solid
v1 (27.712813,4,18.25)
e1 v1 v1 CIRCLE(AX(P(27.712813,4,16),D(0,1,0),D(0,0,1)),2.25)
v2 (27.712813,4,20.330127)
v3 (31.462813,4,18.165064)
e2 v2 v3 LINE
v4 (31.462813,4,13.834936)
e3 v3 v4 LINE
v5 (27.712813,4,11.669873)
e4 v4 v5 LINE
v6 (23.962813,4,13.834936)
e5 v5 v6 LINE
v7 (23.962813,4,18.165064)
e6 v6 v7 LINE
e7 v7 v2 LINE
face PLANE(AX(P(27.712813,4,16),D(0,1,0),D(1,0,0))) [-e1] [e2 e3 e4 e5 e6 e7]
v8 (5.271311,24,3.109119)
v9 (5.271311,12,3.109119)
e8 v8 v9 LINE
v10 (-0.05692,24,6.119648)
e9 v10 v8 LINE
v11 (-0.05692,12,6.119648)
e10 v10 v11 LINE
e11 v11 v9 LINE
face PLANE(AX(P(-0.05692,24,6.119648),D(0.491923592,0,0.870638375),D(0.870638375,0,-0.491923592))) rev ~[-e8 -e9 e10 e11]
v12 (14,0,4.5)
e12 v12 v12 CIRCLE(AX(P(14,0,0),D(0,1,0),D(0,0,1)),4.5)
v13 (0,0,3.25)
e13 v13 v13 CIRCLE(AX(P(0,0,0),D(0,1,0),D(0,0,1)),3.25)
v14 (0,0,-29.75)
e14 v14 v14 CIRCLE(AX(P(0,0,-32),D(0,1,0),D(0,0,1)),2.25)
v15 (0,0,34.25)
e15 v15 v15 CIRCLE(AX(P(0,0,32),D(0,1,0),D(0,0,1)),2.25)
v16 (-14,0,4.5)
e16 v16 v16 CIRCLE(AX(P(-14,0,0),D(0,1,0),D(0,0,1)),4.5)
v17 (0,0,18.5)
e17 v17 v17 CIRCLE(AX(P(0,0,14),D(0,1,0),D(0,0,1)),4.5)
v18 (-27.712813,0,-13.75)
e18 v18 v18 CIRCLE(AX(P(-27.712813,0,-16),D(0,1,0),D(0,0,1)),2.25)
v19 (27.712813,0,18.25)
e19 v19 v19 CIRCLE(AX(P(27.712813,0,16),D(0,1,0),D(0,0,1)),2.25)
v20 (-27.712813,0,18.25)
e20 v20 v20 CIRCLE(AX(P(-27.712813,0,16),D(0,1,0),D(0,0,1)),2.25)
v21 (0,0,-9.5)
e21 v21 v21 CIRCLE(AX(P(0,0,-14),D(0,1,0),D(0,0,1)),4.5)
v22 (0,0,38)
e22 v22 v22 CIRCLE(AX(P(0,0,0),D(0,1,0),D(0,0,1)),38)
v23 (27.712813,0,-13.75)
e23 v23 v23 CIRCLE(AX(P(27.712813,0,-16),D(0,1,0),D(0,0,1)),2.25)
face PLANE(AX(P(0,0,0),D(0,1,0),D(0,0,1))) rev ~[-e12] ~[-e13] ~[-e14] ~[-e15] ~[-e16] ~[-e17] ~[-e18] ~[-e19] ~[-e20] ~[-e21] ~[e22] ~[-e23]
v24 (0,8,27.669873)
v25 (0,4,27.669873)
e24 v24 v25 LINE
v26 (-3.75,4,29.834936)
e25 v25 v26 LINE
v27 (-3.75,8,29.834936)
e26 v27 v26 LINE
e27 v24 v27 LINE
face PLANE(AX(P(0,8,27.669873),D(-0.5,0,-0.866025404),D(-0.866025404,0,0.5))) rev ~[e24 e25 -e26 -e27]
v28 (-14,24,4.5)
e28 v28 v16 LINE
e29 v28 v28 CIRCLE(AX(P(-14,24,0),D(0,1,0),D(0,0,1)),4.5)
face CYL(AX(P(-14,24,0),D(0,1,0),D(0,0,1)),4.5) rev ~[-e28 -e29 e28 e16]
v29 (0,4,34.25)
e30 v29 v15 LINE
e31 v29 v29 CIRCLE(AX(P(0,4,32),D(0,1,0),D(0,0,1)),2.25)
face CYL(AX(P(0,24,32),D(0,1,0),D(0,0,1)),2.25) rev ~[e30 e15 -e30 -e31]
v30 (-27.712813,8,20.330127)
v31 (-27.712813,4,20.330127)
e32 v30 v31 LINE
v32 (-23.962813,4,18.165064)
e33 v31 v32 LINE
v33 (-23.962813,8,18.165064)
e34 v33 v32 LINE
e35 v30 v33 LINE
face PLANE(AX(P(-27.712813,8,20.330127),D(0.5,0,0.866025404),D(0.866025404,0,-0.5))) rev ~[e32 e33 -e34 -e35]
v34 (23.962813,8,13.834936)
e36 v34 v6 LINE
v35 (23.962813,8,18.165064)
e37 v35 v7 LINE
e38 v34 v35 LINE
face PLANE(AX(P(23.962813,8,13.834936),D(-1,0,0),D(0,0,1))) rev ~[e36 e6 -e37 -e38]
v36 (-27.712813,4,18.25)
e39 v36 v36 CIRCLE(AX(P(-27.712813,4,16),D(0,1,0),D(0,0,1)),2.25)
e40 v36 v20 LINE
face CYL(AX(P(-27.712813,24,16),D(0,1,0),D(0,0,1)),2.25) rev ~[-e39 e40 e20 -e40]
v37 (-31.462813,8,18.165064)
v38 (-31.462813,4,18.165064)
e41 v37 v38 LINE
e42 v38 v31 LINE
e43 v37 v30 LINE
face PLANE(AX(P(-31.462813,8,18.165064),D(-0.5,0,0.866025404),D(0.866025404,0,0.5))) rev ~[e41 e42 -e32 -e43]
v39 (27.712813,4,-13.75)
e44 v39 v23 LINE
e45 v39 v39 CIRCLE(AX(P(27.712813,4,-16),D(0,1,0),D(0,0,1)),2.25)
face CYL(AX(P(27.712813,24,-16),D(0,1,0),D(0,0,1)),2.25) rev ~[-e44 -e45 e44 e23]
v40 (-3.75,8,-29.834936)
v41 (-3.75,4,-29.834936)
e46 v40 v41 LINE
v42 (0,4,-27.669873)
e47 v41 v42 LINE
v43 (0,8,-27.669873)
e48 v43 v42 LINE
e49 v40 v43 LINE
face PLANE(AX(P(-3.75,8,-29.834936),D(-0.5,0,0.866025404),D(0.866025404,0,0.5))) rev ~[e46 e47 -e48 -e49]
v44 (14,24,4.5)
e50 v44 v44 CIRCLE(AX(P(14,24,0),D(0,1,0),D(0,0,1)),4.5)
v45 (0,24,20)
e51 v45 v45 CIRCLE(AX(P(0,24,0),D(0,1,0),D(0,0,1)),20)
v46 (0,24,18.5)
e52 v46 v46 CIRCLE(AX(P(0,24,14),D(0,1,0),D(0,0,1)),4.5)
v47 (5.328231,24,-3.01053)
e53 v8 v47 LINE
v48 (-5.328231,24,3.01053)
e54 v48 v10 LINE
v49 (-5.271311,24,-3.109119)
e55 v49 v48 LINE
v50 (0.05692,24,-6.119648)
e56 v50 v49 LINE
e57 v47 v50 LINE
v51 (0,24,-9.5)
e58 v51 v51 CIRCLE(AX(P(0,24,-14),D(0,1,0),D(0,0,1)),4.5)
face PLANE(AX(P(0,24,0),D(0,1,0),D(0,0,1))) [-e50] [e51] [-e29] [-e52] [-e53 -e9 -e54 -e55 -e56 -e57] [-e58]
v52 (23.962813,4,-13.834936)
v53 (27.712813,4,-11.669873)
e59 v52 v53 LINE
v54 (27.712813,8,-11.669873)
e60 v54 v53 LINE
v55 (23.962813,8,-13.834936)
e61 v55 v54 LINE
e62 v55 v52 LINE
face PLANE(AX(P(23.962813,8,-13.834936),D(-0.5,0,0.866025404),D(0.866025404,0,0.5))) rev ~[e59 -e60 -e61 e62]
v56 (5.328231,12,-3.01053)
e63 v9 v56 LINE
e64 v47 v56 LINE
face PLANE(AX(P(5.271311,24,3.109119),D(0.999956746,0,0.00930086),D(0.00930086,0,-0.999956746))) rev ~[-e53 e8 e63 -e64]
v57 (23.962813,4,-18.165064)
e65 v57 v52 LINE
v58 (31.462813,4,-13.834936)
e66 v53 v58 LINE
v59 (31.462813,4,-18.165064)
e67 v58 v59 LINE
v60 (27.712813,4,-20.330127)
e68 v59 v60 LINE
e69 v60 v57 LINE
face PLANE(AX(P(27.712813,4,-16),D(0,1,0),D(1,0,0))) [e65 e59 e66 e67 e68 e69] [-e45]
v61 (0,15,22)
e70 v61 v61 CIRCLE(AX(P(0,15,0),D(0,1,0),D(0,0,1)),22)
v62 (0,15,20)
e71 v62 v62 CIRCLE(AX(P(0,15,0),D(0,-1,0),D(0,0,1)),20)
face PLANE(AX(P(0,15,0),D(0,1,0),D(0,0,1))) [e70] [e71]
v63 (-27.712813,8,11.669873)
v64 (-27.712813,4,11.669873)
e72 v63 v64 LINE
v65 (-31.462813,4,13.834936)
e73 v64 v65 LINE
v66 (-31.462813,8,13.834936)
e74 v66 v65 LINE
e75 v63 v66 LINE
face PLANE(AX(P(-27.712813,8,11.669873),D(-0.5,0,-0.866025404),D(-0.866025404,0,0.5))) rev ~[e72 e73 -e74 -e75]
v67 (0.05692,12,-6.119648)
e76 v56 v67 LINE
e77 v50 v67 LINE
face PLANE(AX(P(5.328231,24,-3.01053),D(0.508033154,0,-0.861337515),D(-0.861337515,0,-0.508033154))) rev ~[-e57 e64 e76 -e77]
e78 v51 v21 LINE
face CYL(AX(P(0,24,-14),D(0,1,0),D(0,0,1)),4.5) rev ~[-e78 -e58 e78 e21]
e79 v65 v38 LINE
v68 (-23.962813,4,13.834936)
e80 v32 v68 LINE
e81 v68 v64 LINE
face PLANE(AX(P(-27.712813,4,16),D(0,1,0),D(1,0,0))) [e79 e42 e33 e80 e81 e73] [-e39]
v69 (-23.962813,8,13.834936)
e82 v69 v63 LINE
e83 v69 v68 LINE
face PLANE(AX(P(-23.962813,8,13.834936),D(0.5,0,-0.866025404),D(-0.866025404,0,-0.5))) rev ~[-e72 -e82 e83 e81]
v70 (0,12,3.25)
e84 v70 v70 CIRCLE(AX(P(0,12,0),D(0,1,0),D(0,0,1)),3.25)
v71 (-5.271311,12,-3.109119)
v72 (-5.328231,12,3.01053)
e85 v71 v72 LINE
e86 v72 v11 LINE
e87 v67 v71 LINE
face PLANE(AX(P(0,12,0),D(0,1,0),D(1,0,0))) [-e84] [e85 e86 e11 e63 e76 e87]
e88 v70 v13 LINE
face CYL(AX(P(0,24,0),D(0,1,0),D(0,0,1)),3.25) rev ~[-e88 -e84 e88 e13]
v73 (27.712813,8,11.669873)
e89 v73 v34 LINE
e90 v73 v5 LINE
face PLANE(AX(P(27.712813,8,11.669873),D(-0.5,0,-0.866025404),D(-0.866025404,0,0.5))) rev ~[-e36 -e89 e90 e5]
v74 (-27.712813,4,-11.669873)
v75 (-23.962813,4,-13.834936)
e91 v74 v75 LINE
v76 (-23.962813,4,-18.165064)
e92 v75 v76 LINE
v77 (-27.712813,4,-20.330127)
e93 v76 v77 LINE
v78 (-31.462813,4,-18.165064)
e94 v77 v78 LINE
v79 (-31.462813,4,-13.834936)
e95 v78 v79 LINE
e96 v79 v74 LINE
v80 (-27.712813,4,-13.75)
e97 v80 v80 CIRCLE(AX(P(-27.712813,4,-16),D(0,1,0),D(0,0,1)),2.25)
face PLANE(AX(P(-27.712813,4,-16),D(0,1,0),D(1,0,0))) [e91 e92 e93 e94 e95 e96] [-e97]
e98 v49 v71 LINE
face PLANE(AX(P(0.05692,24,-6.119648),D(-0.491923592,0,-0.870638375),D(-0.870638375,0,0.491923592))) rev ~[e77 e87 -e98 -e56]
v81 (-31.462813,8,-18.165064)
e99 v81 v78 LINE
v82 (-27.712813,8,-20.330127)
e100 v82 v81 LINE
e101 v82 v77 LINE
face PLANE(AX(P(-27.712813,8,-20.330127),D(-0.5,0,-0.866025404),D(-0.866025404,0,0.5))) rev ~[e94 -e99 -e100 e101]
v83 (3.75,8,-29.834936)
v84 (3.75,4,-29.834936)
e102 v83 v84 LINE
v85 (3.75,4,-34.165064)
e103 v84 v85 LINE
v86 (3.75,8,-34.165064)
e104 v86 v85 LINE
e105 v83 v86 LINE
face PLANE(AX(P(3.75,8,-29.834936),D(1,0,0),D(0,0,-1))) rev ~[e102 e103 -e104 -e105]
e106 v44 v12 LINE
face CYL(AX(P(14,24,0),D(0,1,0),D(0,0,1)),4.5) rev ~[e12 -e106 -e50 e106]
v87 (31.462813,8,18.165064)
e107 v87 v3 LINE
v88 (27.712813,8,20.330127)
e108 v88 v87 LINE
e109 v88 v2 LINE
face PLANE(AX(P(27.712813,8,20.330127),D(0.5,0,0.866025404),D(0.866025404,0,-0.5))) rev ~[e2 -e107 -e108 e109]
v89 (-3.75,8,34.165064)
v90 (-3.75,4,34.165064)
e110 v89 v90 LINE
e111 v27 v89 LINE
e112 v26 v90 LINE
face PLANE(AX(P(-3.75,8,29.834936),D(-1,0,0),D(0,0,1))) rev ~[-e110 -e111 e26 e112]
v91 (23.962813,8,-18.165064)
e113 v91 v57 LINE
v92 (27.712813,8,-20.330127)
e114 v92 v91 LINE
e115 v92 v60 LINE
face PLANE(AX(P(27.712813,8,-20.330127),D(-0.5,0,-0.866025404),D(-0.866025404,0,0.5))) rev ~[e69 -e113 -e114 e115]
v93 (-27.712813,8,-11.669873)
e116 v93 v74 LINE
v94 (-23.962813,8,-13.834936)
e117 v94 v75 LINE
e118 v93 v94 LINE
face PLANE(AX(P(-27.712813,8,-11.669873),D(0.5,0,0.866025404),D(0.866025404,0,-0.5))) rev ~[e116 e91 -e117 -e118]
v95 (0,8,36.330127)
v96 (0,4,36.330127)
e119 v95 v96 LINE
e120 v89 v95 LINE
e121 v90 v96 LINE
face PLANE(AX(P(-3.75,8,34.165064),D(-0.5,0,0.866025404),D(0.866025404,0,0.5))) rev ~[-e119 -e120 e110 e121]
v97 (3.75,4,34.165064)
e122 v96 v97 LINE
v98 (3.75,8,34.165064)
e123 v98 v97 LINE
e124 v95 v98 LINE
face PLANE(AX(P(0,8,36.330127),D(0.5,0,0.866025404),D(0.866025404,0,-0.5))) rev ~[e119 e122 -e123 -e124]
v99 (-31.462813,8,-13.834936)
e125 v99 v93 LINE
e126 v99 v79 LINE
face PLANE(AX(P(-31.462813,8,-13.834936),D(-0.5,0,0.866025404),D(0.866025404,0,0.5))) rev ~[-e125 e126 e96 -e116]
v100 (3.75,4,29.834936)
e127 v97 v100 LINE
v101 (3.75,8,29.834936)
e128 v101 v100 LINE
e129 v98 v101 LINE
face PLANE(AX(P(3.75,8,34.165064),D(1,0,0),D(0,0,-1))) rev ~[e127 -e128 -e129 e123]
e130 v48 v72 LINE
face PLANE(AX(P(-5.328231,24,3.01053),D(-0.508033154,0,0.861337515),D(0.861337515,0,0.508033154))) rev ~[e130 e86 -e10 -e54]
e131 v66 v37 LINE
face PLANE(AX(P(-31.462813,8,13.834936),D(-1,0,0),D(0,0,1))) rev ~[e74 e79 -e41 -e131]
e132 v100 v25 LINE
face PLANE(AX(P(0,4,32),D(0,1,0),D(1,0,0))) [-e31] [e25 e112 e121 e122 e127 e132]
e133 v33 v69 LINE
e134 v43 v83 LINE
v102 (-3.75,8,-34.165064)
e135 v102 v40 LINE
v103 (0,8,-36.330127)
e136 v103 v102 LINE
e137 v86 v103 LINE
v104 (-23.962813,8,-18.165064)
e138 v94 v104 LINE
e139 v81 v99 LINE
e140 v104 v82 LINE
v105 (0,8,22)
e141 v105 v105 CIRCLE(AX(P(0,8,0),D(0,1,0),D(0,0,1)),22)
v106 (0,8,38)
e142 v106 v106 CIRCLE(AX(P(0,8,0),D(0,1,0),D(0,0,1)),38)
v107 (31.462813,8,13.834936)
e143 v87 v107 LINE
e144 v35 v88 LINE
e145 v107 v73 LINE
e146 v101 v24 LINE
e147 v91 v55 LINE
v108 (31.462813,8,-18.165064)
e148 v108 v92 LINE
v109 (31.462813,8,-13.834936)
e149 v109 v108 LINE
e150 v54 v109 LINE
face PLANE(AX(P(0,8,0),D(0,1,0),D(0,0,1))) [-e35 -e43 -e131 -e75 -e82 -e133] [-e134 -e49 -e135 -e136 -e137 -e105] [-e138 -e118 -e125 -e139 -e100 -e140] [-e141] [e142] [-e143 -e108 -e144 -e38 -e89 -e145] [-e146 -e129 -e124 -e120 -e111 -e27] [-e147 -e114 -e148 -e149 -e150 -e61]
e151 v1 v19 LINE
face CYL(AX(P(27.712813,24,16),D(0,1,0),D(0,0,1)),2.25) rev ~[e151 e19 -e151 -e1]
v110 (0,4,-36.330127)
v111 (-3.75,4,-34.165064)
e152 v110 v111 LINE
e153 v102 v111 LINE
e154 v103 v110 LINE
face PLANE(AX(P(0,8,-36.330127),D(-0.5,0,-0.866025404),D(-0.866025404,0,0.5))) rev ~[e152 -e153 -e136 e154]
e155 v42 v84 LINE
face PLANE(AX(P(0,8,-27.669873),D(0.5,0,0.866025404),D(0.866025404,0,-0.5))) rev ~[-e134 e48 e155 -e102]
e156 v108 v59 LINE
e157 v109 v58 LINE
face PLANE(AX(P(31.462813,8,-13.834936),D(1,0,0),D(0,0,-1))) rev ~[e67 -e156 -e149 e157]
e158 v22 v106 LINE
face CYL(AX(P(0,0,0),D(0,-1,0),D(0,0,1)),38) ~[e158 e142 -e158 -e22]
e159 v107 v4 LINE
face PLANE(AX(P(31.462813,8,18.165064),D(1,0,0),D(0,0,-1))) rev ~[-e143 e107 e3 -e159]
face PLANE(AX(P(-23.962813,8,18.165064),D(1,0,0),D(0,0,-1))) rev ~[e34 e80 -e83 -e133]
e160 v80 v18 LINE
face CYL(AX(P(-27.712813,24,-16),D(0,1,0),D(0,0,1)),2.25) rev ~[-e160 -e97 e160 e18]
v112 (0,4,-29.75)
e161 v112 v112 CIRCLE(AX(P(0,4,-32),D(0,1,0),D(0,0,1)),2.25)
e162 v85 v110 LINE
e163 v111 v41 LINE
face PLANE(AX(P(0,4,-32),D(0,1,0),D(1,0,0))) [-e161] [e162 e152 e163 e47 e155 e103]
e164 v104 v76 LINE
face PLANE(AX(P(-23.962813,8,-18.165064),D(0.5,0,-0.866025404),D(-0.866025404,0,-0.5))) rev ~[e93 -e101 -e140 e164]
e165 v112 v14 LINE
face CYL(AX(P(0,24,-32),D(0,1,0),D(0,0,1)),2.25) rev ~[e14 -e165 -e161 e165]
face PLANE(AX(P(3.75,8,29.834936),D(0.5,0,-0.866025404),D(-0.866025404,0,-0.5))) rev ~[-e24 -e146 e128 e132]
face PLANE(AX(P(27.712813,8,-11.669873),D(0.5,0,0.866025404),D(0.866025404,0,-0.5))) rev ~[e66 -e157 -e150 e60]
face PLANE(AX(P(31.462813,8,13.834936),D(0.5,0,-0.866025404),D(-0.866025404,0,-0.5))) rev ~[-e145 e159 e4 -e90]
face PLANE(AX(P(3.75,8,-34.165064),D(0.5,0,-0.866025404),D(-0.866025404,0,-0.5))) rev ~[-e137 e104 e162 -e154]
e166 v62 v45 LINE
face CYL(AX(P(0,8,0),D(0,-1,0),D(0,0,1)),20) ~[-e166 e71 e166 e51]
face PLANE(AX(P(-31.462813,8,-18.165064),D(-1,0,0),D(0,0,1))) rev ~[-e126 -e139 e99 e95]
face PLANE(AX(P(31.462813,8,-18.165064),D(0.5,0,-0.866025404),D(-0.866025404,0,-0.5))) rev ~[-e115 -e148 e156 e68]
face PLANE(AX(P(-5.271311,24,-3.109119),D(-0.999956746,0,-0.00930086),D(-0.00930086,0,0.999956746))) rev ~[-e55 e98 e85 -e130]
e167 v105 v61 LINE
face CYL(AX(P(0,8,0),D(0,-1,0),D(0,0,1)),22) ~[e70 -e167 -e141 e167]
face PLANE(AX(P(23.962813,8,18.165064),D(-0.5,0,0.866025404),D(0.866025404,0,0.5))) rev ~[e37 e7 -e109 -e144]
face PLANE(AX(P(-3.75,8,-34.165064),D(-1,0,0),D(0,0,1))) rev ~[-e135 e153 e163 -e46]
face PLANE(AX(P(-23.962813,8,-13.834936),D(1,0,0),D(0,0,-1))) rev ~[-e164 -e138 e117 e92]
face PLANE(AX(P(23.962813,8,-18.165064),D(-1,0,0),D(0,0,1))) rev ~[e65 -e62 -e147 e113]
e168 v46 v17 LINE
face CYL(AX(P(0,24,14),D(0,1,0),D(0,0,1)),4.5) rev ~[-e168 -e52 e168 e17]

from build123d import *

# Parameters (mm, degrees)
SKETCH_1_R          = 38
EXTRUDE_1_DEPTH     = 8
SKETCH_2_R          = 20
EXTRUDE_2_DEPTH     = 16
SKETCH_7_R          = 22
EXTRUDE_3_DEPTH     = 7
SKETCH_3_R          = 4.5
SKETCH_3_R_2        = 3.25
CUT_EXTRUDE_1_DEPTH = 59.855755878
CUT_EXTRUDE_2_DEPTH = 12
SKETCH_5_R          = 2.25
CUT_EXTRUDE_3_DEPTH = 59.855755878
CUT_EXTRUDE_4_DEPTH = 4


with BuildPart() as part:
    # Эскиз1 → Бобышка-Вытянуть1 (new body)
    with BuildSketch(Plane(origin=(0, 0, 0), x_dir=(1, 0, 0), z_dir=(0, 1, 0))):
        with Locations(Location((0, 0, 0), (0, 0, 270))):
            Circle(SKETCH_1_R)
    extrude(amount=EXTRUDE_1_DEPTH)

    # Эскиз2 → Бобышка-Вытянуть2 (add)
    with BuildSketch(Plane(origin=(0, 8, 0), x_dir=(1, 0, 0), z_dir=(0, 1, 0))):
        with Locations(Location((0, 0, 0), (0, 0, 270))):
            Circle(SKETCH_2_R)
    extrude(amount=EXTRUDE_2_DEPTH)

    # Эскиз7 → Бобышка-Вытянуть3 (add)
    with BuildSketch(Plane(origin=(0, 8, 0), x_dir=(1, 0, 0), z_dir=(0, 1, 0))):
        with Locations(Location((0, 0, 0), (0, 0, 270))):
            Circle(SKETCH_7_R)
    extrude(amount=EXTRUDE_3_DEPTH)

    # Эскиз3 → Вырез-Вытянуть1 (cut, through all)
    with BuildSketch(Plane(origin=(0, 24, 0), x_dir=(1, 0, 0), z_dir=(0, 1, 0))):
        with Locations(Location((0, 14, 0), (0, 0, 270))):
            Circle(SKETCH_3_R)
        with Locations(Location((14, 0, 0), (0, 0, 270))):
            Circle(SKETCH_3_R)
        with Locations(Location((0, -14, 0), (0, 0, 270))):
            Circle(SKETCH_3_R)
        with Locations(Location((-14, 0, 0), (0, 0, 270))):
            Circle(SKETCH_3_R)
        with Locations(Location((0, 0, 0), (0, 0, 270))):
            Circle(SKETCH_3_R_2)
    extrude(amount=-CUT_EXTRUDE_1_DEPTH, mode=Mode.SUBTRACT)

    # Эскиз4 → Вырез-Вытянуть2 (cut)
    with BuildSketch(Plane(origin=(0, 24, 0), x_dir=(1, 0, 0), z_dir=(0, 1, 0))):
        Polygon((5.271310529, -3.109118628), (5.32823098, 3.010529515), (0.056920451, 6.119648143), (-5.271310529, 3.109118628), (-5.32823098, -3.010529515), (-0.056920451, -6.119648143), align=None)
    extrude(amount=-CUT_EXTRUDE_2_DEPTH, mode=Mode.SUBTRACT)

    # Эскиз5 → Вырез-Вытянуть3 (cut, through all)
    with BuildSketch(Plane(origin=(0, 24, 0), x_dir=(1, 0, 0), z_dir=(0, 1, 0))):
        with Locations(Location((0, 32, 0), (0, 0, 270))):
            Circle(SKETCH_5_R)
        with Locations(Location((27.712812921, 16, 0), (0, 0, 270))):
            Circle(SKETCH_5_R)
        with Locations(Location((27.712812921, -16, 0), (0, 0, 270))):
            Circle(SKETCH_5_R)
        with Locations(Location((0, -32, 0), (0, 0, 270))):
            Circle(SKETCH_5_R)
        with Locations(Location((-27.712812921, -16, 0), (0, 0, 270))):
            Circle(SKETCH_5_R)
        with Locations(Location((-27.712812921, 16, 0), (0, 0, 270))):
            Circle(SKETCH_5_R)
    extrude(amount=-CUT_EXTRUDE_3_DEPTH, mode=Mode.SUBTRACT)

    # Эскиз6 → Вырез-Вытянуть4 (cut)
    with BuildSketch(Plane(origin=(0, 8, 0), x_dir=(1, 0, 0), z_dir=(0, 1, 0))):
        Polygon((27.712812921, 11.669872981), (31.462812921, 13.834936491), (31.462812921, 18.165063509), (27.712812921, 20.330127019), (23.962812921, 18.165063509), (23.962812921, 13.834936491), align=None)
        Polygon((3.75, 29.834936491), (3.75, 34.165063509), (0, 36.330127019), (-3.75, 34.165063509), (-3.75, 29.834936491), (0, 27.669872981), align=None)
        Polygon((23.962812921, -18.165063509), (27.712812921, -20.330127019), (31.462812921, -18.165063509), (31.462812921, -13.834936491), (27.712812921, -11.669872981), (23.962812921, -13.834936491), align=None)
        Polygon((-3.75, -29.834936491), (-3.75, -34.165063509), (0, -36.330127019), (3.75, -34.165063509), (3.75, -29.834936491), (0, -27.669872981), align=None)
        Polygon((-27.712812921, -11.669872981), (-31.462812921, -13.834936491), (-31.462812921, -18.165063509), (-27.712812921, -20.330127019), (-23.962812921, -18.165063509), (-23.962812921, -13.834936491), align=None)
        Polygon((-23.962812921, 18.165063509), (-27.712812921, 20.330127019), (-31.462812921, 18.165063509), (-31.462812921, 13.834936491), (-27.712812921, 11.669872981), (-23.962812921, 13.834936491), align=None)
    extrude(amount=-CUT_EXTRUDE_4_DEPTH, mode=Mode.SUBTRACT)


solid = part.part
